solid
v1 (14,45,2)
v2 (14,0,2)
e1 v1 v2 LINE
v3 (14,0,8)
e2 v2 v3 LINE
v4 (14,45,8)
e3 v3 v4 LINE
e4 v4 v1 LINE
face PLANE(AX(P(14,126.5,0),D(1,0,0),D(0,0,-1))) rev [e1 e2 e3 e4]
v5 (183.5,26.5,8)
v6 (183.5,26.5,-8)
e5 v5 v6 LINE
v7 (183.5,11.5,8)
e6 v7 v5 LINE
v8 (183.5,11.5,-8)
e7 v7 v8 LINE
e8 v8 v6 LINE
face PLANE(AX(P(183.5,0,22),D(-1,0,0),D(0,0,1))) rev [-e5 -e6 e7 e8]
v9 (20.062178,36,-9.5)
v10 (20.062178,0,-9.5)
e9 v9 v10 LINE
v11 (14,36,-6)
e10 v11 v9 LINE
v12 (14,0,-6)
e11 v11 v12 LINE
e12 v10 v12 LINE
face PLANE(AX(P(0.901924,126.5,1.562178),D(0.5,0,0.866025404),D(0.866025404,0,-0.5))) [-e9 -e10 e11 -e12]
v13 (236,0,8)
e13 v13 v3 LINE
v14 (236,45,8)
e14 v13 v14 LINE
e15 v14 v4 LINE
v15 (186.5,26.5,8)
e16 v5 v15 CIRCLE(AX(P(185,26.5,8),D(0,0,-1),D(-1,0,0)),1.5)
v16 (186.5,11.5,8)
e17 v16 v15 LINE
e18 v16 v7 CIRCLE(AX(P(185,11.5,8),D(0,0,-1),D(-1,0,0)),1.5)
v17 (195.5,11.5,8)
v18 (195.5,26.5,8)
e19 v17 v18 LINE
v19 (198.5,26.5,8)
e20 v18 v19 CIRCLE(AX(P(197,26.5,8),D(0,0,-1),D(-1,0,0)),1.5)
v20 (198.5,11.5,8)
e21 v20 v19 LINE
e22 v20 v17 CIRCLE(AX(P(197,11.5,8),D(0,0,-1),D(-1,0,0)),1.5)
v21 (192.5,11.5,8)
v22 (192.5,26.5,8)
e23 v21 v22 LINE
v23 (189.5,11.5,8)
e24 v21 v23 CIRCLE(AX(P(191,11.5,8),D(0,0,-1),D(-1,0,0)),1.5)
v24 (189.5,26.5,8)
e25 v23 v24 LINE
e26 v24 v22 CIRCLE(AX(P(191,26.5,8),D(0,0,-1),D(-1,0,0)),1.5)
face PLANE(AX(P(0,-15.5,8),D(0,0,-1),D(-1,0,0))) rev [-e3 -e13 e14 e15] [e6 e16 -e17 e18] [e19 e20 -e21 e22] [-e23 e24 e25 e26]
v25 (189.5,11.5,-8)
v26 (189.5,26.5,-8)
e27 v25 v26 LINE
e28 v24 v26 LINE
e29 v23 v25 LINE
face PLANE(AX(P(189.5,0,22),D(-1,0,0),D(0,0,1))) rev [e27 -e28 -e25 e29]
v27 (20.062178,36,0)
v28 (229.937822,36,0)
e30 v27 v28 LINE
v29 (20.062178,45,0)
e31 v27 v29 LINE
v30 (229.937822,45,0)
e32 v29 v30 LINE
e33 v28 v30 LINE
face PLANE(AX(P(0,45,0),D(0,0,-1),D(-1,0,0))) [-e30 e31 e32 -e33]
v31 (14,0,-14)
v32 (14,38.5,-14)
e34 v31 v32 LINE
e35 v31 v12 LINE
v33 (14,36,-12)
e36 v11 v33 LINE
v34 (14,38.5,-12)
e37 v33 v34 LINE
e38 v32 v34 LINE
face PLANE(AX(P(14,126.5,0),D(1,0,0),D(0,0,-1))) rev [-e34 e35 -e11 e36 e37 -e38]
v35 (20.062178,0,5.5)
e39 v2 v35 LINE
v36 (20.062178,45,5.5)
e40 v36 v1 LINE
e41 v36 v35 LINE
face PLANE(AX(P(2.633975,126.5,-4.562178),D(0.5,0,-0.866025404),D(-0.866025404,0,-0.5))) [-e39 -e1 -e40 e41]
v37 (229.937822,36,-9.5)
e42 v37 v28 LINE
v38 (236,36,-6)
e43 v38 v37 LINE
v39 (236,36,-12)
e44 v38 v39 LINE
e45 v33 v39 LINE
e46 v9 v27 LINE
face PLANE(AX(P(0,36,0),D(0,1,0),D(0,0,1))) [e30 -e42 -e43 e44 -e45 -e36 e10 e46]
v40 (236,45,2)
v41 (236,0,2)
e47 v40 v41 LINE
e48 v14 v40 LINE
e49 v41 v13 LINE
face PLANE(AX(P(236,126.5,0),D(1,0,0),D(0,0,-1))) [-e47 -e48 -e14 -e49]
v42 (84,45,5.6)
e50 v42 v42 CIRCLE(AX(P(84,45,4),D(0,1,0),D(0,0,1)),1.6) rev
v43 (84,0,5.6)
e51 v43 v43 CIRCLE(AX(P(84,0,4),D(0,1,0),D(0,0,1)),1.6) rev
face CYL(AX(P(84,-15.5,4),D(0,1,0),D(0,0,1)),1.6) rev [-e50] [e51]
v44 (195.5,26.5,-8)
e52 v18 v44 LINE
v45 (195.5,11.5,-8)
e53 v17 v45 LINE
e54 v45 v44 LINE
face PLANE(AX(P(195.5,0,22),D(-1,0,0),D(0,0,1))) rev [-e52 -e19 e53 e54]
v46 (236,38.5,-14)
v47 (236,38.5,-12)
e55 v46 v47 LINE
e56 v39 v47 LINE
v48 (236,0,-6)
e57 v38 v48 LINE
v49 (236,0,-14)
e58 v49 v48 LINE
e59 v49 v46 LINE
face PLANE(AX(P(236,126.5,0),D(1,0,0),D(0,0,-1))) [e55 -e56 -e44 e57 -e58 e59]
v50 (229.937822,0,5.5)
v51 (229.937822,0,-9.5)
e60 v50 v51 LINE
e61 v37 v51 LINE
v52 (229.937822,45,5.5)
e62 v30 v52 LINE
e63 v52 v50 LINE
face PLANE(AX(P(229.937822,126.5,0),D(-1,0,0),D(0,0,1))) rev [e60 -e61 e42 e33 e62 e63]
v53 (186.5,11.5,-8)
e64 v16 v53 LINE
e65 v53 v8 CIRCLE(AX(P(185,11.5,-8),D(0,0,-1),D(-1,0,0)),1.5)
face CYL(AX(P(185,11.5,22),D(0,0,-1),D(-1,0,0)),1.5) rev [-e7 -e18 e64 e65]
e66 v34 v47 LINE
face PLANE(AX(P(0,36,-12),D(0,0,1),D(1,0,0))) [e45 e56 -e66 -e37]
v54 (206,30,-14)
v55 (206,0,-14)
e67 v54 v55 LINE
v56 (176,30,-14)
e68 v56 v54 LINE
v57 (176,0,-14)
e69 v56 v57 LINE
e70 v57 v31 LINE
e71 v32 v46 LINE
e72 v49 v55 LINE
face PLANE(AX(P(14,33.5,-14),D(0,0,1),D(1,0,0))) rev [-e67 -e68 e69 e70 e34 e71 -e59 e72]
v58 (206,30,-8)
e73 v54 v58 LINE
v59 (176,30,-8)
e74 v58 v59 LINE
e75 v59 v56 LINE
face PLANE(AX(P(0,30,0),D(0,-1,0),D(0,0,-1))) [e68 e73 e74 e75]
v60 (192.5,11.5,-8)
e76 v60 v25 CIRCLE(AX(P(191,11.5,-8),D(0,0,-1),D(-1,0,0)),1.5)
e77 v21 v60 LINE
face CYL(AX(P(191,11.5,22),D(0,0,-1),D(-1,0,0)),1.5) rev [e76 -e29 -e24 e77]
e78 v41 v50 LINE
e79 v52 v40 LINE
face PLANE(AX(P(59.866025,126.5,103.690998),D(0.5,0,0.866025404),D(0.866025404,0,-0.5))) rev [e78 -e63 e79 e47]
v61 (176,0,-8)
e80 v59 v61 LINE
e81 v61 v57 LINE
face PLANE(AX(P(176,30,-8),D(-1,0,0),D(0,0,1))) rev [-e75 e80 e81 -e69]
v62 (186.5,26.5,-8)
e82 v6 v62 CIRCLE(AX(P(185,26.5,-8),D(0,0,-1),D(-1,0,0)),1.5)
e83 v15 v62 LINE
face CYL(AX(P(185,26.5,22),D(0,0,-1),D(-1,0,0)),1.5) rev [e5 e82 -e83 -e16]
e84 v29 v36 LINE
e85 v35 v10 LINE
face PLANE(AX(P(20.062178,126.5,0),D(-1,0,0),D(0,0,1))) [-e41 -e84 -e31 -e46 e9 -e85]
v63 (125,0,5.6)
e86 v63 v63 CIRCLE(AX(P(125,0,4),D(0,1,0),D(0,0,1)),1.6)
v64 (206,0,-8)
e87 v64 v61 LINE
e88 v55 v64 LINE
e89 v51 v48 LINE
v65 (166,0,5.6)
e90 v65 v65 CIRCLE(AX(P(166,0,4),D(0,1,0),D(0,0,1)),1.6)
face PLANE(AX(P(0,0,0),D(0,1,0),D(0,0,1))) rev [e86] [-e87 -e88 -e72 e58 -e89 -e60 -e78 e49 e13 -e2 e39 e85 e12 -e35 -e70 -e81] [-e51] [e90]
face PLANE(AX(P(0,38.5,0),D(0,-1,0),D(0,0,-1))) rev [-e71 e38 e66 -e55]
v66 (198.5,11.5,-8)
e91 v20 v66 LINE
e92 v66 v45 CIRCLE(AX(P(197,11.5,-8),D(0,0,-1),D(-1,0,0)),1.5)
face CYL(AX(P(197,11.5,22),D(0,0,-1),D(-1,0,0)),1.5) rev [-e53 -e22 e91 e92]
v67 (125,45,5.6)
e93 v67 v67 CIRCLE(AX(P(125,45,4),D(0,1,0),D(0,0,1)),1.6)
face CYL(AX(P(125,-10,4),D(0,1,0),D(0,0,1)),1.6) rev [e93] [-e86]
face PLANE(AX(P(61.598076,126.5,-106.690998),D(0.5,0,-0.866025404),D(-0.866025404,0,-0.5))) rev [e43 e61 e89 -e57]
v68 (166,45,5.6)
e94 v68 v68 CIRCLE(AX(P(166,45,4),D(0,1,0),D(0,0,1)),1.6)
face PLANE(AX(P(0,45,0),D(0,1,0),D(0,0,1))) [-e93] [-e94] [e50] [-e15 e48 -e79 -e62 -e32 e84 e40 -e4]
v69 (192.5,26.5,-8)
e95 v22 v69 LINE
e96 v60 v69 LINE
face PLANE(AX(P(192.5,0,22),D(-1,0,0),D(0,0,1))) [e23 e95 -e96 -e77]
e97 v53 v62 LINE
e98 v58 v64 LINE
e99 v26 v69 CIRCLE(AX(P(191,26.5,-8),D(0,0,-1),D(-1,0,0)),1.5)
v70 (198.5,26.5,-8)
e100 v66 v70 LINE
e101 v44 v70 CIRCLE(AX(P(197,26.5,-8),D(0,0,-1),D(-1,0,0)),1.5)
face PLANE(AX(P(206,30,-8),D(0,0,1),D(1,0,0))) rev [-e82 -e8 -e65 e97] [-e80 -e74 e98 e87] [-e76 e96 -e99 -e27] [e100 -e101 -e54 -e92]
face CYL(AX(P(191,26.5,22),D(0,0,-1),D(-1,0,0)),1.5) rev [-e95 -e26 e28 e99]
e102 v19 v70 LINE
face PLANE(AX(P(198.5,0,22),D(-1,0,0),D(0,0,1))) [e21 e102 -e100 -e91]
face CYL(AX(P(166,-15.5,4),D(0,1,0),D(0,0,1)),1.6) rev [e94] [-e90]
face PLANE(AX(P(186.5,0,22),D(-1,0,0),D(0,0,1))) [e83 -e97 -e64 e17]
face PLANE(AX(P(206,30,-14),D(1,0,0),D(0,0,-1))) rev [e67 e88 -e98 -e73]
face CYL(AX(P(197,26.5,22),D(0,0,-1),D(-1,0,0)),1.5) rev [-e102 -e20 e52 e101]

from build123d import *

# Parameters (mm, degrees)
SKETCH_1_W           = 270
SKETCH_1_H           = 370
SKETCH_1_W_2         = 250
SKETCH_1_H_2         = 350
EXTRUDE_2_DEPTH      = 45
SKETCH_4_W           = 250
SKETCH_4_H           = 350
SKETCH_4_W_2         = 222
SKETCH_4_H_2         = 322
EXTRUDE_3_DEPTH      = 5
SKETCH_9_W           = 246
SKETCH_9_H           = 346
SKETCH_9_W_2         = 226
SKETCH_9_H_2         = 326
CUT_EXTRUDE_3_DEPTH  = 2.5
SKETCH_12_R          = 1.6
CUT_EXTRUDE_5_DEPTH  = 109.5
FILLET_1_R           = 5
SKETCH_13_W          = 250
SKETCH_13_H          = 350
SKETCH_13_W_2        = 222
SKETCH_13_H_2        = 322
EXTRUDE_4_DEPTH      = 33.5
CUT_EXTRUDE_START    = -126.5
SKETCH_14_R          = 1.6
CUT_EXTRUDE_8_DEPTH  = 126.5
SKETCH_15_W          = 209.875644348
SKETCH_15_H          = 2
CUT_EXTRUDE_9_DEPTH  = 2.5
CUT_EXTRUDE_10_DEPTH = 60.5
SKETCH_18_R          = 1.6
CUT_EXTRUDE_11_DEPTH = 60.5
SKETCH_19_W          = 30
SKETCH_19_H          = 6
CUT_EXTRUDE_12_DEPTH = 30
CUT_EXTRUDE_13_DEPTH = 30
CUT_EXTRUDE_14_DEPTH = 55


with BuildPart() as part:
    # 草图1 → 凸台-拉伸2 (new body)
    with BuildSketch(Plane(origin=(0, 0, 0), x_dir=(1, 0, 0), z_dir=(0, 1, 0))):
        with Locations((125, 175)):
            Rectangle(SKETCH_1_W, SKETCH_1_H)
        with Locations((125, 175)):
            Rectangle(SKETCH_1_W_2, SKETCH_1_H_2, mode=Mode.SUBTRACT)
    extrude(amount=EXTRUDE_2_DEPTH)

    # 草图4 → 凸台-拉伸3 (add)
    with BuildSketch(Plane(origin=(0, 38.5, 0), x_dir=(1, 0, 0), z_dir=(0, 1, 0))):
        with Locations((125, 175)):
            Rectangle(SKETCH_4_W, SKETCH_4_H)
        with Locations((125, 175)):
            Rectangle(SKETCH_4_W_2, SKETCH_4_H_2, mode=Mode.SUBTRACT)
    extrude(amount=-EXTRUDE_3_DEPTH)

    # 草图9 → 切除-拉伸3 (cut)
    with BuildSketch(Plane(origin=(0, 38.5, 0), x_dir=(1, 0, 0), z_dir=(0, 1, 0))):
        with Locations((125, 175)):
            Rectangle(SKETCH_9_W, SKETCH_9_H)
        with Locations((125, 175)):
            Rectangle(SKETCH_9_W_2, SKETCH_9_H_2, mode=Mode.SUBTRACT)
    extrude(amount=-CUT_EXTRUDE_3_DEPTH, mode=Mode.SUBTRACT)

    # 草图12 → 切除-拉伸5 (cut)
    with BuildSketch(Plane(origin=(0, 45, 0), x_dir=(1, 0, 0), z_dir=(0, 1, 0))):
        with Locations(Location((-5, -5, 0), (0, 0, 270))):
            Circle(SKETCH_12_R)
        with BuildLine():
            ThreePointArc((-6.13137085, 356.13137085), (-6.13137085, 353.86862915), (-3.86862915, 353.86862915))
            Line((-3.86862915, 353.86862915), (-6.13137085, 356.13137085))
        make_face()
        with BuildLine():
            Line((-6.13137085, 356.13137085), (-3.86862915, 353.86862915))
            ThreePointArc((-3.86862915, 353.86862915), (-3.521792748, 354.387706508), (-3.4, 355))
            ThreePointArc((-3.4, 355), (-4.387706508, 356.478207252), (-6.13137085, 356.13137085))
        make_face()
        with Locations(Location((255, 355, 0), (0, 0, 270))):
            Circle(SKETCH_12_R)
        with Locations(Location((255, -5, 0), (0, 0, 270))):
            Circle(SKETCH_12_R)
    extrude(amount=-CUT_EXTRUDE_5_DEPTH, mode=Mode.SUBTRACT)

    # 圆角1
    fillet_1_edges = [part.edges().sort_by_distance(p)[0] for p in [
        (-10, 22.5, 10),
        (-10, 22.5, -360),
        (260, 22.5, -360),
        (260, 22.5, 10),
    ]]
    fillet(fillet_1_edges, radius=FILLET_1_R)

    # 草图13 → 凸台-拉伸4 (add)
    with BuildSketch(Plane.XZ.offset(-33.5)):
        with Locations((125, -175)):
            Rectangle(SKETCH_13_W, SKETCH_13_H)
        with Locations((125, -175)):
            Rectangle(SKETCH_13_W_2, SKETCH_13_H_2, mode=Mode.SUBTRACT)
    extrude(amount=EXTRUDE_4_DEPTH)

    # 草图14 → 切除-拉伸8 (cut)
    # profile 1 of 7: a face of its own
    with BuildSketch(Plane.XZ.offset(CUT_EXTRUDE_START)):
        with BuildLine():
            Line((14, -336), (14, -14))
            Line((14, -14), (14, -6))
            Line((14, -6), (14, 2))
            Line((14, 2), (14, 10))
            Line((14, 10), (-5, 10))
            ThreePointArc((-5, 10), (-8.535533906, 8.535533906), (-10, 5))
            Line((-10, 5), (-10, -355))
            ThreePointArc((-10, -355), (-8.535533906, -358.535533906), (-5, -360))
            Line((-5, -360), (255, -360))
            ThreePointArc((255, -360), (258.535533906, -358.535533906), (260, -355))
            Line((260, -355), (260, 5))
            ThreePointArc((260, 5), (258.535533906, 8.535533906), (255, 10))
            Line((255, 10), (236, 10))
            Line((236, 10), (236, 2))
            Line((236, 2), (236, -6))
            Line((236, -6), (236, -14))
            Line((236, -14), (236, -336))
            Line((236, -336), (14, -336))
        make_face()
        with Locations((-5, -355)):
            Circle(SKETCH_14_R, mode=Mode.SUBTRACT)
        with Locations((255, -355)):
            Circle(SKETCH_14_R, mode=Mode.SUBTRACT)
        with Locations((-5, 5)):
            Circle(SKETCH_14_R, mode=Mode.SUBTRACT)
        with Locations((255, 5)):
            Circle(SKETCH_14_R, mode=Mode.SUBTRACT)
    # profile 2 of 7: a face of its own
    with BuildSketch(Plane.XZ.offset(CUT_EXTRUDE_START)):
        Polygon((14, 2), (14, -6), (20.062177826, -9.5), (20.062177826, 5.5), align=None)
    # profile 3 of 7: a face of its own
    with BuildSketch(Plane.XZ.offset(CUT_EXTRUDE_START)):
        with Locations((-5, 5)):
            Circle(SKETCH_14_R)
    # profile 4 of 7: a face of its own
    with BuildSketch(Plane.XZ.offset(CUT_EXTRUDE_START)):
        Polygon((229.937822174, -9.5), (236, -6), (236, 2), (229.937822174, 5.5), align=None)
    # profile 5 of 7: a face of its own
    with BuildSketch(Plane.XZ.offset(CUT_EXTRUDE_START)):
        with Locations((255, 5)):
            Circle(SKETCH_14_R)
    # profile 6 of 7: a face of its own
    with BuildSketch(Plane.XZ.offset(CUT_EXTRUDE_START)):
        with Locations((255, -355)):
            Circle(SKETCH_14_R)
    # profile 7 of 7: a face of its own
    with BuildSketch(Plane.XZ.offset(CUT_EXTRUDE_START)):
        with Locations((-5, -355)):
            Circle(SKETCH_14_R)
    extrude(amount=CUT_EXTRUDE_8_DEPTH, mode=Mode.SUBTRACT)

    # 草图15 → 切除-拉伸9 (cut)
    with BuildSketch(Plane(origin=(0, 38.5, 0), x_dir=(1, 0, 0), z_dir=(0, 1, 0))):
        with Locations((125, 1)):
            Rectangle(SKETCH_15_W, SKETCH_15_H)
    extrude(amount=-CUT_EXTRUDE_9_DEPTH, mode=Mode.SUBTRACT)

    # 草图16 → 切除-拉伸10 (cut)
    with BuildSketch(Plane(origin=(0, 45, 0), x_dir=(1, 0, 0), z_dir=(0, 1, 0))):
        Polygon((236, -10), (236, -8), (234, -8), (229.607695155, -8), (14, -8), (14, -10), align=None)
    extrude(amount=-CUT_EXTRUDE_10_DEPTH, mode=Mode.SUBTRACT)

    # 草图18 → 切除-拉伸11 (cut)
    with BuildSketch(Plane(origin=(0, 45, 0), x_dir=(1, 0, 0), z_dir=(0, 1, 0))):
        with Locations(Location((166, -4, 0), (0, 0, 270))):
            Circle(SKETCH_18_R)
        with Locations(Location((84, -4, 0), (0, 0, 270))):
            Circle(SKETCH_18_R)
    extrude(amount=-CUT_EXTRUDE_11_DEPTH, mode=Mode.SUBTRACT)

    # 草图19 → 切除-拉伸12 (cut)
    with BuildSketch(Plane.XZ):
        with Locations((191, -11)):
            Rectangle(SKETCH_19_W, SKETCH_19_H)
    extrude(amount=-CUT_EXTRUDE_12_DEPTH, mode=Mode.SUBTRACT)

    # 草图20 → 切除-拉伸13 (cut)
    with BuildSketch(Plane(origin=(0, 0, -8), x_dir=(-1, 0, 0), z_dir=(0, 0, -1))):
        with BuildLine():
            Line((-198.5, 26.5), (-198.5, 19))
            Line((-198.5, 19), (-195.5, 19))
            Line((-195.5, 19), (-195.5, 26.5))
            ThreePointArc((-195.5, 26.5), (-197, 28), (-198.5, 26.5))
        make_face()
        with BuildLine():
            Line((-195.5, 19), (-198.5, 19))
            Line((-198.5, 19), (-198.5, 11.5))
            ThreePointArc((-198.5, 11.5), (-197, 10), (-195.5, 11.5))
            Line((-195.5, 11.5), (-195.5, 19))
        make_face()
        with BuildLine():
            Line((-191, 10), (-191, 19))
            Line((-191, 19), (-192.5, 19))
            Line((-192.5, 19), (-192.5, 11.5))
            ThreePointArc((-192.5, 11.5), (-192.060660172, 10.439339828), (-191, 10))
        make_face()
        with BuildLine():
            Line((-189.5, 19), (-191, 19))
            Line((-191, 19), (-191, 10))
            ThreePointArc((-191, 10), (-189.939339828, 10.439339828), (-189.5, 11.5))
            Line((-189.5, 11.5), (-189.5, 19))
        make_face()
        with BuildLine():
            ThreePointArc((-189.5, 26.5), (-189.939339828, 27.560660172), (-191, 28))
            Line((-191, 28), (-191, 19))
            Line((-191, 19), (-189.5, 19))
            Line((-189.5, 19), (-189.5, 26.5))
        make_face()
        with BuildLine():
            Line((-191, 19), (-191, 28))
            ThreePointArc((-191, 28), (-192.060660172, 27.560660172), (-192.5, 26.5))
            Line((-192.5, 26.5), (-192.5, 19))
            Line((-192.5, 19), (-191, 19))
        make_face()
        with BuildLine():
            Line((-186.5, 19), (-183.5, 19))
            Line((-183.5, 19), (-183.5, 26.5))
            ThreePointArc((-183.5, 26.5), (-185, 28), (-186.5, 26.5))
            Line((-186.5, 26.5), (-186.5, 19))
        make_face()
        with BuildLine():
            Line((-183.5, 11.5), (-183.5, 19))
            Line((-183.5, 19), (-186.5, 19))
            Line((-186.5, 19), (-186.5, 11.5))
            ThreePointArc((-186.5, 11.5), (-185, 10), (-183.5, 11.5))
        make_face()
    extrude(amount=-CUT_EXTRUDE_13_DEPTH, mode=Mode.SUBTRACT)

    # 草图22 → 切除-拉伸14 (cut)
    with BuildSketch(Plane(origin=(0, 45, 0), x_dir=(1, 0, 0), z_dir=(0, 1, 0))):
        with BuildLine():
            ThreePointArc((126.6, -4), (126.13137085, -2.86862915), (125, -2.4))
            Line((125, -2.4), (125, -5.6))
            ThreePointArc((125, -5.6), (126.13137085, -5.13137085), (126.6, -4))
        make_face()
        with BuildLine():
            Line((125, -5.6), (125, -2.4))
            ThreePointArc((125, -2.4), (123.4, -4), (125, -5.6))
        make_face()
    extrude(amount=-CUT_EXTRUDE_14_DEPTH, mode=Mode.SUBTRACT)


solid = part.part
